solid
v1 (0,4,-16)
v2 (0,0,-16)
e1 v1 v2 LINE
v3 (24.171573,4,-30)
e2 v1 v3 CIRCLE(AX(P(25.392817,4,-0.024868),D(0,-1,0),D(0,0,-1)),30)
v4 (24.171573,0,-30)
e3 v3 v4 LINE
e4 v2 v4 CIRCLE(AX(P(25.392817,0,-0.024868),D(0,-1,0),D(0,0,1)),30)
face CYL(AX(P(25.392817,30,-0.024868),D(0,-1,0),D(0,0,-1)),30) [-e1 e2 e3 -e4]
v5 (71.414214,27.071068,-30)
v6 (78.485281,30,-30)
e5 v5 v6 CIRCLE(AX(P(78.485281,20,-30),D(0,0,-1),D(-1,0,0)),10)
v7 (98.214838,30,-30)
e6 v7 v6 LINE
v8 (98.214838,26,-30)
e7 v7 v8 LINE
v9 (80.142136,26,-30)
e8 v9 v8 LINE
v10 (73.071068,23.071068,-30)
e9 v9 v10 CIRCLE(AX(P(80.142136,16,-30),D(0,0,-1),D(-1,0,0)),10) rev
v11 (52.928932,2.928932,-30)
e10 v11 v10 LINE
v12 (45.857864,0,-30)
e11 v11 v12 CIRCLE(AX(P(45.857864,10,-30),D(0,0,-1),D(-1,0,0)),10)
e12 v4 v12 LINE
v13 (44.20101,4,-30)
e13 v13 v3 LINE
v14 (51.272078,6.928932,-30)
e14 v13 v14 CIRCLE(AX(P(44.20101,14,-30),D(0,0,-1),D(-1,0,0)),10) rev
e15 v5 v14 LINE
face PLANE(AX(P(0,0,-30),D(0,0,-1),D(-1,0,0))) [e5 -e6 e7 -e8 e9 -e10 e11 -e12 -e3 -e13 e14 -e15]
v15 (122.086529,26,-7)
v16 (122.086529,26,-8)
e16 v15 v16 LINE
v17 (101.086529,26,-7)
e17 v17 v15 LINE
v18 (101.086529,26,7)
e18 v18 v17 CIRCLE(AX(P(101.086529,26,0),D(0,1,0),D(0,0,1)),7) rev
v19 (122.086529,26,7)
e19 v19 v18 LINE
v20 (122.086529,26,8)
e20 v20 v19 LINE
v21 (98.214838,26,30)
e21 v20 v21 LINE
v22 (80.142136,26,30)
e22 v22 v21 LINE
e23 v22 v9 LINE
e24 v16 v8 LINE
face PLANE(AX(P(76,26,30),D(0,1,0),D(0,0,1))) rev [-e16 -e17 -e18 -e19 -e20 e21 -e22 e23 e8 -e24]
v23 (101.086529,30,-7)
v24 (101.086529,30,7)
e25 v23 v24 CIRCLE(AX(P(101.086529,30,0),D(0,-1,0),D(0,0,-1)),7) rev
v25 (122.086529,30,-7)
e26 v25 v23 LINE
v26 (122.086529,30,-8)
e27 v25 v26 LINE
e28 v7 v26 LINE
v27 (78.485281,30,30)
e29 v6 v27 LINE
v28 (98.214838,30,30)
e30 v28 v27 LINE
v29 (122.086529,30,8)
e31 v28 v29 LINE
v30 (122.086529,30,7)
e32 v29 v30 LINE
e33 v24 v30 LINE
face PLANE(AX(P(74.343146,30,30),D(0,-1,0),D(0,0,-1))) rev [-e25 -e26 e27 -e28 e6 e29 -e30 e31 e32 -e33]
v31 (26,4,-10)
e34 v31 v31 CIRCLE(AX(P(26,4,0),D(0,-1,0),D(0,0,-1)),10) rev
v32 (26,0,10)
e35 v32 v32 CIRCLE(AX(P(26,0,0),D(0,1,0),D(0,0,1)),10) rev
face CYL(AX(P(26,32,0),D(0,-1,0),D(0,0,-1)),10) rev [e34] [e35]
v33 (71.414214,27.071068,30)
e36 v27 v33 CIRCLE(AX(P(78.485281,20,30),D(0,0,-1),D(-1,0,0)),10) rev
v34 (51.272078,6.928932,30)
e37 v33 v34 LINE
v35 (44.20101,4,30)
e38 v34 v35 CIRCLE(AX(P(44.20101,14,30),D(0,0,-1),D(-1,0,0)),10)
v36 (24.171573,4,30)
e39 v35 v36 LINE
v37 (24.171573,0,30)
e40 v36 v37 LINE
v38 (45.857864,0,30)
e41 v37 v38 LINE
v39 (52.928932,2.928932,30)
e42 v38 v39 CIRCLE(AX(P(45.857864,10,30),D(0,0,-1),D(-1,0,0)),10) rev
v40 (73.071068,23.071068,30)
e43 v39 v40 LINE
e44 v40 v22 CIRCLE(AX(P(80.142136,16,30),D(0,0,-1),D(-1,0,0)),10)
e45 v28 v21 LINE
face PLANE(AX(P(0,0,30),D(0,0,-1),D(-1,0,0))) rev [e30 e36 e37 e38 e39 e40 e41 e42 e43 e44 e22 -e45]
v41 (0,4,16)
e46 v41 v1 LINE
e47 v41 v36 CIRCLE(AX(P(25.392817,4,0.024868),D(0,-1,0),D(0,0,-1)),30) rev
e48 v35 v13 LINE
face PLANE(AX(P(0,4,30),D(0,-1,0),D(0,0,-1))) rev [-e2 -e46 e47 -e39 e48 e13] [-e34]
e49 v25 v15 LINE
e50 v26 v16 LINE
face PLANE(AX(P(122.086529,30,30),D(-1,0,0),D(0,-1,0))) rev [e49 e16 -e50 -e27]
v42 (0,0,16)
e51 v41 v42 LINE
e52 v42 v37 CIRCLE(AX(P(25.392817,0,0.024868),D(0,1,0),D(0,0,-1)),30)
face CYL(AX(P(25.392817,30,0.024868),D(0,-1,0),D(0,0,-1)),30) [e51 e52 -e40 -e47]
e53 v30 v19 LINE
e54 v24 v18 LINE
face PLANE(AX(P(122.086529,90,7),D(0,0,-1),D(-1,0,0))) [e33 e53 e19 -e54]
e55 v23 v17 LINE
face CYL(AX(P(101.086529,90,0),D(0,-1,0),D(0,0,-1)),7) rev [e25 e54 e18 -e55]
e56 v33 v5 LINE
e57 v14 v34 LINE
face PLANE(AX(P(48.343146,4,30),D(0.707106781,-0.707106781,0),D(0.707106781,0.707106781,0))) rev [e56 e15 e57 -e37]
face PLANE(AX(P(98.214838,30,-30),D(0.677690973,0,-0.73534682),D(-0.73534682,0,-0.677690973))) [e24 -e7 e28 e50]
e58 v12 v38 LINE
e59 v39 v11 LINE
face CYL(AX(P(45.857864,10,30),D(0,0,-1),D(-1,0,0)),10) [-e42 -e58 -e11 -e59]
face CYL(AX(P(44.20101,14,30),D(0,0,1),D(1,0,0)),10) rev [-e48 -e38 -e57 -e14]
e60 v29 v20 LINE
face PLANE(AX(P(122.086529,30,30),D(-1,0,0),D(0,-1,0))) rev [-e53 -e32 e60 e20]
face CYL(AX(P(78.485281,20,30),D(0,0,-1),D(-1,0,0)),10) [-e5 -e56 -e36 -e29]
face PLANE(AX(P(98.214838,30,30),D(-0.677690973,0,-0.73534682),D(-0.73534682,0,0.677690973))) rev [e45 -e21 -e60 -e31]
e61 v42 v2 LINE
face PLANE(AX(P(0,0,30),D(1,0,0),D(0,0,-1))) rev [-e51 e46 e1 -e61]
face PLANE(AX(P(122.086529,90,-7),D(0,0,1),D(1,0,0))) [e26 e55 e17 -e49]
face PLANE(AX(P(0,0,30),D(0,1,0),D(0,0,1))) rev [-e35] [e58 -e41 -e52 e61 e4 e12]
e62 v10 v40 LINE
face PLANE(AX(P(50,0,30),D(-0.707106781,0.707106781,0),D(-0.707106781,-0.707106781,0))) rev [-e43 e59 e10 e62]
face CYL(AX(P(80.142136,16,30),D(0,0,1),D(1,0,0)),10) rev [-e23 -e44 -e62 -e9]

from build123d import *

# Parameters (mm, degrees)
SALIENTE_EXTRUIR1_DEPTH    = 30
CORTAR_EXTRUIR2_DEPTH      = 32
CORTAR_EXTRUIR2_DEPTH_BACK = 9
CROQUIS2_R                 = 10
CORTAR_EXTRUIR3_DEPTH      = 90
CORTAR_EXTRUIR4_DEPTH      = 130.248290693
CORTAR_EXTRUIR5_DEPTH      = 130.248290693
REDONDEO2_R                = 10
REDONDEO3_R                = 10
REDONDEO4_R                = 10


with BuildPart() as part:
    # Croquis1 → Saliente-Extruir1 (new, symmetric)
    with BuildSketch(Plane.XY):
        Polygon((0, 0), (50, 0), (76, 26), (122.086529343, 26), (122.086529343, 30), (74.343145751, 30), (48.343145751, 4), (0, 4), align=None)
    extrude(amount=SALIENTE_EXTRUIR1_DEPTH, both=True)

    # Croquis2 → Cortar-Extruir2 (cut, two sides: drawn at the far end of the back side and taken through both)
    with BuildSketch(Plane(origin=(0, 0, 0), x_dir=(1, 0, 0), z_dir=(0, 1, 0)).offset(-CORTAR_EXTRUIR2_DEPTH_BACK)):
        with Locations(Location((26, 0, 0), (0, 0, 90))):
            Circle(CROQUIS2_R)
    extrude(amount=CORTAR_EXTRUIR2_DEPTH + CORTAR_EXTRUIR2_DEPTH_BACK, mode=Mode.SUBTRACT)

    # Croquis3 → Cortar-Extruir3 (cut)
    with BuildSketch(Plane(origin=(0, 0, 0), x_dir=(1, 0, 0), z_dir=(0, 1, 0))):
        with BuildLine():
            Line((122.086529343, -7), (101.086529343, -7))
            ThreePointArc((101.086529343, -7), (94.086529343, 0), (101.086529343, 7))
            Line((101.086529343, 7), (122.086529343, 7))
            ThreePointArc((122.086529343, 7), (129.086529343, 0), (122.086529343, -7))
        make_face()
    extrude(amount=CORTAR_EXTRUIR3_DEPTH, mode=Mode.SUBTRACT)

    # Croquis4 → Cortar-Extruir4 (cut, through all)
    with BuildSketch(Plane(origin=(0, 0, 0), x_dir=(1, 0, 0), z_dir=(0, 1, 0))):
        Polygon((98.214837547, 30), (122.086529343, 8), (122.086529343, 30), align=None)
    cortar_extruir4 = extrude(amount=CORTAR_EXTRUIR4_DEPTH, mode=Mode.SUBTRACT)

    # Simetría1: Cortar-Extruir4 across plane
    add(cortar_extruir4.mirror(Plane.XY), mode=Mode.SUBTRACT)

    # Croquis5 → Cortar-Extruir5 (cut, through all)
    with BuildSketch(Plane(origin=(0, 0, 0), x_dir=(1, 0, 0), z_dir=(0, 1, 0))):
        with BuildLine():
            Line((0, 30), (24.171572875, 30))
            ThreePointArc((24.171572875, 30), (10.356957759, 25.984893458), (0, 16))
            Line((0, 16), (0, 30))
        make_face()
    cortar_extruir5 = extrude(amount=CORTAR_EXTRUIR5_DEPTH, mode=Mode.SUBTRACT)

    # Simetría2: Cortar-Extruir5 across plane
    add(cortar_extruir5.mirror(Plane.XY), mode=Mode.SUBTRACT)

    # Redondeo2
    redondeo2_edges = [part.edges().sort_by_distance(p)[0] for p in [
        (48.343145751, 4, 0),
    ]]
    fillet(redondeo2_edges, radius=REDONDEO2_R)

    # Redondeo3
    redondeo3_edges = [part.edges().sort_by_distance(p)[0] for p in [
        (74.343145751, 30, 0),
    ]]
    fillet(redondeo3_edges, radius=REDONDEO3_R)

    # Redondeo4
    redondeo4_edges = [part.edges().sort_by_distance(p)[0] for p in [
        (76, 26, 0),
        (50, 0, 0),
    ]]
    fillet(redondeo4_edges, radius=REDONDEO4_R)


solid = part.part
